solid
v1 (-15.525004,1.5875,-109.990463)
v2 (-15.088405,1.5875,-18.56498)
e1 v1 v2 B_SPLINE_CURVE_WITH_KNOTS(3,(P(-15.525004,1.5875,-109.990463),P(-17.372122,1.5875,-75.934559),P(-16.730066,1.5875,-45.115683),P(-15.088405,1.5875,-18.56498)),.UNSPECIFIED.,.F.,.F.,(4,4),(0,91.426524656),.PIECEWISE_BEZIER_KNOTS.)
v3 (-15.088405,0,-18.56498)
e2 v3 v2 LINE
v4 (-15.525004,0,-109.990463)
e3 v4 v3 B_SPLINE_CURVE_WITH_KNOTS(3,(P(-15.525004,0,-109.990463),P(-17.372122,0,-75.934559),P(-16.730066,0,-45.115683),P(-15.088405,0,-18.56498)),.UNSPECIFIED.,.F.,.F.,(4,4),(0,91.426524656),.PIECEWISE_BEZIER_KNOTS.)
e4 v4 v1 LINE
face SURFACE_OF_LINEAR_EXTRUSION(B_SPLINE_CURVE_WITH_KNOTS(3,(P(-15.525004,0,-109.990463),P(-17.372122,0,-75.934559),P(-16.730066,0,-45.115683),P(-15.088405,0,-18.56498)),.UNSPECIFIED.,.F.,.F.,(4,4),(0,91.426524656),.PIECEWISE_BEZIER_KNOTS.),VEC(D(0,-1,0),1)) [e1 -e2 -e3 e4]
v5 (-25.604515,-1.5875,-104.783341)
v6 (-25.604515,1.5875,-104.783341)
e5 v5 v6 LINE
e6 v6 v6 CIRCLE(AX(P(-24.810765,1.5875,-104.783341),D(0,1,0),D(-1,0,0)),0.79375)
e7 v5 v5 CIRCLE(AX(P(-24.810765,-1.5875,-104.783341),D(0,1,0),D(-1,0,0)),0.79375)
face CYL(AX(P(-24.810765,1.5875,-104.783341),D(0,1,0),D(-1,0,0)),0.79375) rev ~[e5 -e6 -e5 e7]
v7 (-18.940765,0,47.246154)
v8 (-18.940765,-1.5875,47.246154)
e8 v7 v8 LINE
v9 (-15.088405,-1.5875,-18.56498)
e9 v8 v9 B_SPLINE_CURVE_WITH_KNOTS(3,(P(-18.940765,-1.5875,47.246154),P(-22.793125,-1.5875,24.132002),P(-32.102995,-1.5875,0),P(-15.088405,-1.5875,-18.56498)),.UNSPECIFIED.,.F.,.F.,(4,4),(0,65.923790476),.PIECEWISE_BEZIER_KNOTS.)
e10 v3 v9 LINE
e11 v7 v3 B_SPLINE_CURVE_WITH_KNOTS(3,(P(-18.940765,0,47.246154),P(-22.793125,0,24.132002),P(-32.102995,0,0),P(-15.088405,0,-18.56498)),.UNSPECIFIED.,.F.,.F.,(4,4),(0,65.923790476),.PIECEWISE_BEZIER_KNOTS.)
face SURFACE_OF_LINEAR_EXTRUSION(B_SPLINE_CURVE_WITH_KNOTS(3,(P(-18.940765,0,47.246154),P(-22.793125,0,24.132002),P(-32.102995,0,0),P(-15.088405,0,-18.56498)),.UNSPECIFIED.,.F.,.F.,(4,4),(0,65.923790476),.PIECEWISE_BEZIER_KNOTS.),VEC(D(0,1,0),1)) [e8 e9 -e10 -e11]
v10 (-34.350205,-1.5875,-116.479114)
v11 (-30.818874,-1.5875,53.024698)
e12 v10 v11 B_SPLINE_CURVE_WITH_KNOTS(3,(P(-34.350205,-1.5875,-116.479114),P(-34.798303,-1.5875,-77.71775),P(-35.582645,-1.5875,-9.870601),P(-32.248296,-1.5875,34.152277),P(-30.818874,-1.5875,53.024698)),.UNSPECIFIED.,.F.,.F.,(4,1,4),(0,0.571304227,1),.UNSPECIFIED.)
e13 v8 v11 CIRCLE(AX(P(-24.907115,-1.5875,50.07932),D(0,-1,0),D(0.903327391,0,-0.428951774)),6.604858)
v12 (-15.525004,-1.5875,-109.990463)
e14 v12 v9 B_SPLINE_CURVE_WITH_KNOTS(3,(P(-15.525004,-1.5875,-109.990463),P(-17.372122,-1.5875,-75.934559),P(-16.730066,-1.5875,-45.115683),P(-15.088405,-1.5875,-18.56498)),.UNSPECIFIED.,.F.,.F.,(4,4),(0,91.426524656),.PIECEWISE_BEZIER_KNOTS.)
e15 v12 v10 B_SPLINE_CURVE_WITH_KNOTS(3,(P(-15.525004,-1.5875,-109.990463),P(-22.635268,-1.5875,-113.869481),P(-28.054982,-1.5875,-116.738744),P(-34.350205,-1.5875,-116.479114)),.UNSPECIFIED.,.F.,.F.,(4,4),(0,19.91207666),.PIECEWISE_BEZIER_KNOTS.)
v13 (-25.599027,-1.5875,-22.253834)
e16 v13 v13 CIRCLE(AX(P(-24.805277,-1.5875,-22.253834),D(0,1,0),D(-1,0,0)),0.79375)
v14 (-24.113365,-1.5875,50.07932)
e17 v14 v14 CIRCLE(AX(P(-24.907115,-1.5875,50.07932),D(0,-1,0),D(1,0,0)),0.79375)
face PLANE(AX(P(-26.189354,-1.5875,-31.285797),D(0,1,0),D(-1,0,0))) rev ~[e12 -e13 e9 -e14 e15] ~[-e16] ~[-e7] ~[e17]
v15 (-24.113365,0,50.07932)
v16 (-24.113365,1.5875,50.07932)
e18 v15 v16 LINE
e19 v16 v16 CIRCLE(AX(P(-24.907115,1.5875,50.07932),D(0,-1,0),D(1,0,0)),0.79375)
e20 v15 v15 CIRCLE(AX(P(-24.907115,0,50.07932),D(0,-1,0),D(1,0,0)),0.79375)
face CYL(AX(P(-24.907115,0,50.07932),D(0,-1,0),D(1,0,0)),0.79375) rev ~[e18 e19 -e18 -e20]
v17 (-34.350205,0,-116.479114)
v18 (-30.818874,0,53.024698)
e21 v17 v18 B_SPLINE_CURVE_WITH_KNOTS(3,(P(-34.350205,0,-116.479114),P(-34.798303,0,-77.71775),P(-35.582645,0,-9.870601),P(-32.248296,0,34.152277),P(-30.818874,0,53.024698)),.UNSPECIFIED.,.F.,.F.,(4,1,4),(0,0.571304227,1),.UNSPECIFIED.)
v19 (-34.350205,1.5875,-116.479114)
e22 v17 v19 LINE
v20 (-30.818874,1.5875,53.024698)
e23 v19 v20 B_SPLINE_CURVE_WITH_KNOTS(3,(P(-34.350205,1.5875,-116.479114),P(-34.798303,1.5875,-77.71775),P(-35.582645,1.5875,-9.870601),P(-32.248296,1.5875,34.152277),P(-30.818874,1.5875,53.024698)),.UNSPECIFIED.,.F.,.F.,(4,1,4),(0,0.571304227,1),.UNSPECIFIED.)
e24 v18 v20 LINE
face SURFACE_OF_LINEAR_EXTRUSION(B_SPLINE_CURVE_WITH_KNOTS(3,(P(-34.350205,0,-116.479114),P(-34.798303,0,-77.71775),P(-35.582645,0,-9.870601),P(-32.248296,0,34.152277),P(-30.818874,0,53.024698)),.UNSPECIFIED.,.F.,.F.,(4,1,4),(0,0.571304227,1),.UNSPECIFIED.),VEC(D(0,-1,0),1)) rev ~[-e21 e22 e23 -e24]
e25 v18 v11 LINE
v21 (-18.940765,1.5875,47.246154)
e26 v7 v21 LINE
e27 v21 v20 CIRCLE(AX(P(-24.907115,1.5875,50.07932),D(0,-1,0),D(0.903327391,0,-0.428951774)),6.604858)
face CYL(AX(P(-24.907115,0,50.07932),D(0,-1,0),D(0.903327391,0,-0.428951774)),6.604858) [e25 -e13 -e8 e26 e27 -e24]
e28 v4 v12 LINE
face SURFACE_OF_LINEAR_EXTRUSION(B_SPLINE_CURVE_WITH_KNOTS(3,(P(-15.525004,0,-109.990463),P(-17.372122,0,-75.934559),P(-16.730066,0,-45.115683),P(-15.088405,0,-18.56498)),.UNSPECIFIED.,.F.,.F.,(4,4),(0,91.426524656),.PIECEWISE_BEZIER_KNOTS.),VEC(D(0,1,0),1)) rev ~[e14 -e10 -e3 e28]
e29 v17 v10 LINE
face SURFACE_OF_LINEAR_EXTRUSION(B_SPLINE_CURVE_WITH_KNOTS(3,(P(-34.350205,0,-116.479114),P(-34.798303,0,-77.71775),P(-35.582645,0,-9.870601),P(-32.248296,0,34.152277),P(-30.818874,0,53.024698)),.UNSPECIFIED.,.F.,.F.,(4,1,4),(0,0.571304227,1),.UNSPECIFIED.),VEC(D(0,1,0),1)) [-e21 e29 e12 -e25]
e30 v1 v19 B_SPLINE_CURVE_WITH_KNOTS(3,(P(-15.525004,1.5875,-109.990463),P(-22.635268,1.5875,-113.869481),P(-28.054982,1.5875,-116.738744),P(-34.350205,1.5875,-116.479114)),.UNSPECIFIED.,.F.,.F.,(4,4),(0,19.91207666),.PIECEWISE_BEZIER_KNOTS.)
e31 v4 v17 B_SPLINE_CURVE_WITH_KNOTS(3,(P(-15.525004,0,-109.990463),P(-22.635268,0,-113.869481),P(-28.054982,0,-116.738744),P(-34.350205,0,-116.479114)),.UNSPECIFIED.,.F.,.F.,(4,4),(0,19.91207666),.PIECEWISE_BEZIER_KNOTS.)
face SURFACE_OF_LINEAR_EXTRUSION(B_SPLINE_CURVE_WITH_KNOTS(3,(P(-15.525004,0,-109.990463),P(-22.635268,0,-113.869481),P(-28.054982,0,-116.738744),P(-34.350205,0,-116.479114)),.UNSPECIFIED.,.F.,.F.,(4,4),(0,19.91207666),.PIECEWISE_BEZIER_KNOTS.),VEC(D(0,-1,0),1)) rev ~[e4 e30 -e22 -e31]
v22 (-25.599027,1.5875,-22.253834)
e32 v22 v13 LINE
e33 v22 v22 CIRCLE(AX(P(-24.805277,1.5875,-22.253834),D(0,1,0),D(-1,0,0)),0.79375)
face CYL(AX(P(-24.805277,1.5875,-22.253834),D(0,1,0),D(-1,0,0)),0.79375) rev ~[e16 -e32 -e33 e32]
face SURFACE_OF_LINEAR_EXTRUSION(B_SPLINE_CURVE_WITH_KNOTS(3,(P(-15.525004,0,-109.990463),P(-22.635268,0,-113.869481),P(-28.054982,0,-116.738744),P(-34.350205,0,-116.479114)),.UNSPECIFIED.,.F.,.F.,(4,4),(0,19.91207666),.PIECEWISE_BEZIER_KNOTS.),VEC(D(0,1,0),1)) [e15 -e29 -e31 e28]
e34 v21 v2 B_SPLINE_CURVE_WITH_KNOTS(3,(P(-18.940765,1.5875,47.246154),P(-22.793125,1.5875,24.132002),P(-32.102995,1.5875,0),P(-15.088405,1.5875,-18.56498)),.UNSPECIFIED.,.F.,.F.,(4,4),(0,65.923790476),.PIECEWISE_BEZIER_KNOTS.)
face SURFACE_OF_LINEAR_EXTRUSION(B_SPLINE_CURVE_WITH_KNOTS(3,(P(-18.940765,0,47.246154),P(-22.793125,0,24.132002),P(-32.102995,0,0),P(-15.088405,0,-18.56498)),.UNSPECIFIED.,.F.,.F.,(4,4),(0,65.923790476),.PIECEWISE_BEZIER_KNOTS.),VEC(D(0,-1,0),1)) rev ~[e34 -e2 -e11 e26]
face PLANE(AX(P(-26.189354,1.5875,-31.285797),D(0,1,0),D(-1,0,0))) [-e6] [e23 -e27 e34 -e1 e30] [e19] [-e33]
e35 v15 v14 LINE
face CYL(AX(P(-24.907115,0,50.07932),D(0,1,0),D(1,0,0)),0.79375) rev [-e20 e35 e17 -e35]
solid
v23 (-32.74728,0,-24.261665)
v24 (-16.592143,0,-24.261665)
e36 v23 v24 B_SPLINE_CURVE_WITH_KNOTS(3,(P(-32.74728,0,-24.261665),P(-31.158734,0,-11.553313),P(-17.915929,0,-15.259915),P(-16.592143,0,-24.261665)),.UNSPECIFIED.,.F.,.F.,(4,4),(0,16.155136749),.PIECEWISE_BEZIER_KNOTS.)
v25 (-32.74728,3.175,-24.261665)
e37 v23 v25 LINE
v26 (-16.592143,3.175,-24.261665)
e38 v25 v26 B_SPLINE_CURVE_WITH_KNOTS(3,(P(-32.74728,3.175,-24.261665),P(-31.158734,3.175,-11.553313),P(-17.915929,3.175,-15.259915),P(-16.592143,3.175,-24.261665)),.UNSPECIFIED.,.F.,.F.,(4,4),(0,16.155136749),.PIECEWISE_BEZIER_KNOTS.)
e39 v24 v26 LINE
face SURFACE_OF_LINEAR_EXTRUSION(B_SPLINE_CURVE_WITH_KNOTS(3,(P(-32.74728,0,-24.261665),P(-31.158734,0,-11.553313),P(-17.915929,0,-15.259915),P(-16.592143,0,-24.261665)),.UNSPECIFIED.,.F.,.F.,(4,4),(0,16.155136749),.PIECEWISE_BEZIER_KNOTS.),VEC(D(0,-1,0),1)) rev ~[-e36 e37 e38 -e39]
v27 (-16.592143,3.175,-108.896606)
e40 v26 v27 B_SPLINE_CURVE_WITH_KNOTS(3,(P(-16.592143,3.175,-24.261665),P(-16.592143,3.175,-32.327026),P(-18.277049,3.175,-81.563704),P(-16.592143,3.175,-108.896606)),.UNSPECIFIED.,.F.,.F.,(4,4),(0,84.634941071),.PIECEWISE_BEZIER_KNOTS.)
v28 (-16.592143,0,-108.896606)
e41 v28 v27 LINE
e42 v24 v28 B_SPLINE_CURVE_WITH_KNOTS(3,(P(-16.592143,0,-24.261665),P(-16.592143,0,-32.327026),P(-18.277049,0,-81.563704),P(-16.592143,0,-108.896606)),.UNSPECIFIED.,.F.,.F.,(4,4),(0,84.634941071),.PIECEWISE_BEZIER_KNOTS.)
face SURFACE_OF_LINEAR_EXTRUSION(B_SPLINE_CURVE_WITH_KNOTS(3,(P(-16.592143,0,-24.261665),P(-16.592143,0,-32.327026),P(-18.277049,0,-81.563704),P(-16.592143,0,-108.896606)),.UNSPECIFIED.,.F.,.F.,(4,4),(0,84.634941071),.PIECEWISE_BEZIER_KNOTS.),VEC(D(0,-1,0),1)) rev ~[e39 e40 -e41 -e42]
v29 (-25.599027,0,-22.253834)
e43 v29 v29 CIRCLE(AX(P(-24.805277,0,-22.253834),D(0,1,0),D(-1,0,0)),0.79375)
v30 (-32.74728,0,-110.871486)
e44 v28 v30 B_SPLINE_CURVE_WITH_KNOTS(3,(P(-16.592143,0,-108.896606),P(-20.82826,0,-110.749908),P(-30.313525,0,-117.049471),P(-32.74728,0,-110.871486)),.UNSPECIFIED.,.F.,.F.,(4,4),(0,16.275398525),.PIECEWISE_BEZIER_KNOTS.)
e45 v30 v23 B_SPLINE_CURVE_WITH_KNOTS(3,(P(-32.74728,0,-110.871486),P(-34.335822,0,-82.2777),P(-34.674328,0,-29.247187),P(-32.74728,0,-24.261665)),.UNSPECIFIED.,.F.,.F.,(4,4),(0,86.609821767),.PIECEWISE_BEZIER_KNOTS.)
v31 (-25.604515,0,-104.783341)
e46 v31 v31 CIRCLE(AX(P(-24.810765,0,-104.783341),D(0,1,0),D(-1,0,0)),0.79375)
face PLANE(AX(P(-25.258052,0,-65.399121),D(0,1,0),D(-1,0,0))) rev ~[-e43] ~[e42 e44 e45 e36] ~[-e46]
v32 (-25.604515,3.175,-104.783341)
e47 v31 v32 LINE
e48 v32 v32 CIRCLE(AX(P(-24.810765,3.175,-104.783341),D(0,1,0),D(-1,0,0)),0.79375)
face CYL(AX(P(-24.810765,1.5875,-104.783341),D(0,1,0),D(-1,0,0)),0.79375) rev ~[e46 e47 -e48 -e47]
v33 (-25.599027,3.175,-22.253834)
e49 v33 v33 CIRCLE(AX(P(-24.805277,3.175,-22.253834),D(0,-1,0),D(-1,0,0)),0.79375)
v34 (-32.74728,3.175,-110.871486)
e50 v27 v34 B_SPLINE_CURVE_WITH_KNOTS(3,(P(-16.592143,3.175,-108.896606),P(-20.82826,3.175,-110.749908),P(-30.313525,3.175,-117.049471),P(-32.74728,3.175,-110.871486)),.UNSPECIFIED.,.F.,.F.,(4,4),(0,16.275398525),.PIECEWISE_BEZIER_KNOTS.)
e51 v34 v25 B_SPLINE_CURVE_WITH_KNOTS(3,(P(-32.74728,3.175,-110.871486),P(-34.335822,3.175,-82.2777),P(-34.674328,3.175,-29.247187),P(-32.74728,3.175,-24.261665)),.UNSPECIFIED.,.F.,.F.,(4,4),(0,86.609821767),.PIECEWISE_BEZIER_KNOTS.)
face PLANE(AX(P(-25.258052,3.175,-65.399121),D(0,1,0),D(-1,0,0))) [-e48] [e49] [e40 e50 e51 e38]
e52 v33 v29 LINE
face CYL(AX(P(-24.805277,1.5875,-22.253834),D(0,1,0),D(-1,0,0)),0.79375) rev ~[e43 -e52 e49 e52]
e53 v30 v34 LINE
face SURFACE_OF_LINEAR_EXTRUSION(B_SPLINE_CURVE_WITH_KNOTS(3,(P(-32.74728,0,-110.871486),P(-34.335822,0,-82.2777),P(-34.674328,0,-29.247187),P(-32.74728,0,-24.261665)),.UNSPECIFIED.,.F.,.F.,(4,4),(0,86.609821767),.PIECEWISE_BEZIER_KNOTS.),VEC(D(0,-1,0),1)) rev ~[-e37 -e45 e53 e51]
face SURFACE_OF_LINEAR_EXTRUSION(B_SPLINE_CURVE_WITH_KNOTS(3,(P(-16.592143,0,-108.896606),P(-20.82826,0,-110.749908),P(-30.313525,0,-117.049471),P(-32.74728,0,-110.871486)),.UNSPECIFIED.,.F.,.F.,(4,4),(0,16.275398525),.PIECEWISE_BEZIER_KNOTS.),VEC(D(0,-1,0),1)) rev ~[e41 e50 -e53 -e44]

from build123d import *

# Parameters (mm, degrees)
F0_R     = 0.79375
F1_DEPTH = 1.5875
F3_DEPTH = 3.175
F4_R     = 0.79375
F5_DEPTH = 12.7


with BuildPart() as f1:
    # F0 (on Front) → F1 (new body, symmetric)
    with BuildSketch(Plane.XZ):
        with BuildLine():
            add(Edge.make_bspline(
                [(-34.3502052128, -116.479113698), (-34.7983030784, -77.7177502952), (-35.5826450176, -9.87060067), (-32.2482955411, 34.1522766481), (-30.8188740164, 53.0246980488)],
                knots=[0, 0, 0, 0, 0.5713042275, 1, 1, 1, 1], degree=3))
            add(Edge.make_bspline(
                [(-15.5250038952, -109.9904626608), (-22.6352680475, -113.8694807887), (-28.0549824238, -116.7387440801), (-34.3502052128, -116.479113698)],
                knots=[0, 0, 0, 0, 19.9120766605, 19.9120766605, 19.9120766605, 19.9120766605], degree=3))
            add(Edge.make_bspline(
                [(-15.5250038952, -109.9904626608), (-17.3721220344, -75.9345591068), (-16.7300663888, -45.1156832278), (-15.0884054601, -18.5649804771)],
                knots=[0, 0, 0, 0, 91.4265246562, 91.4265246562, 91.4265246562, 91.4265246562], degree=3))
            add(Edge.make_bspline(
                [(-18.9407654107, 47.2461543977), (-22.7931253612, 24.1320021451), (-32.1029946208, 0), (-15.0884054601, -18.5649804771)],
                knots=[0, 0, 0, 0, 65.9237904758, 65.9237904758, 65.9237904758, 65.9237904758], degree=3))
            ThreePointArc((-18.9407654107, 47.2461543977), (-22.0177139024, 56.0186393162), (-30.8188740164, 53.0246980488))
        make_face()
        with Locations((-24.9071146526, 50.0793200016)):
            Circle(F0_R, mode=Mode.SUBTRACT)
    extrude(amount=F1_DEPTH, both=True)


with BuildPart() as f3:
    # F2 (on Front) → F3 (new body)
    with BuildSketch(Plane.XZ):
        with BuildLine():
            add(Edge.make_bspline(
                [(-16.5921431035, -108.8966056705), (-20.8282601088, -110.7499077916), (-30.3135253489, -117.0494705439), (-32.7472798526, -110.8714863658)],
                knots=[0, 0, 0, 0, 16.2753985249, 16.2753985249, 16.2753985249, 16.2753985249], degree=3))
            add(Edge.make_bspline(
                [(-16.5921431035, -24.2616645992), (-16.5921431035, -32.3270261288), (-18.2770490646, -81.5637037158), (-16.5921431035, -108.8966056705)],
                knots=[0, 0, 0, 0, 84.6349410713, 84.6349410713, 84.6349410713, 84.6349410713], degree=3))
            add(Edge.make_bspline(
                [(-32.7472798526, -24.2616645992), (-31.158734113, -11.5533126518), (-17.9159287363, -15.2599150315), (-16.5921431035, -24.2616645992)],
                knots=[0, 0, 0, 0, 16.1551367491, 16.1551367491, 16.1551367491, 16.1551367491], degree=3))
            add(Edge.make_bspline(
                [(-32.7472798526, -110.8714863658), (-34.335821867, -82.277700305), (-34.6743278205, -29.247187078), (-32.7472798526, -24.2616645992)],
                knots=[0, 0, 0, 0, 86.6098217666, 86.6098217666, 86.6098217666, 86.6098217666], degree=3))
        make_face()
    extrude(amount=-F3_DEPTH)


with BuildPart() as f5_tool:
    # F4 (on face) → F5 (new body, symmetric)
    with BuildSketch(Plane(origin=(0, 1.5875, 0), x_dir=(-1, 0, 0), z_dir=(0, 1, 0))):
        with Locations((24.8052769176, -22.2538337111)):
            Circle(F4_R)
        with Locations((24.8107649386, -104.7833412886)):
            Circle(F4_R)
    extrude(amount=F5_DEPTH, both=True)


with BuildPart() as f1_1:
    add(f1.part)

    # F5: cut by f5_tool
    add(f5_tool.part, mode=Mode.SUBTRACT)


with BuildPart() as f3_1:
    add(f3.part)

    # F5: cut by f5_tool
    add(f5_tool.part, mode=Mode.SUBTRACT)


solid = Compound([f1_1.part, f3_1.part])
